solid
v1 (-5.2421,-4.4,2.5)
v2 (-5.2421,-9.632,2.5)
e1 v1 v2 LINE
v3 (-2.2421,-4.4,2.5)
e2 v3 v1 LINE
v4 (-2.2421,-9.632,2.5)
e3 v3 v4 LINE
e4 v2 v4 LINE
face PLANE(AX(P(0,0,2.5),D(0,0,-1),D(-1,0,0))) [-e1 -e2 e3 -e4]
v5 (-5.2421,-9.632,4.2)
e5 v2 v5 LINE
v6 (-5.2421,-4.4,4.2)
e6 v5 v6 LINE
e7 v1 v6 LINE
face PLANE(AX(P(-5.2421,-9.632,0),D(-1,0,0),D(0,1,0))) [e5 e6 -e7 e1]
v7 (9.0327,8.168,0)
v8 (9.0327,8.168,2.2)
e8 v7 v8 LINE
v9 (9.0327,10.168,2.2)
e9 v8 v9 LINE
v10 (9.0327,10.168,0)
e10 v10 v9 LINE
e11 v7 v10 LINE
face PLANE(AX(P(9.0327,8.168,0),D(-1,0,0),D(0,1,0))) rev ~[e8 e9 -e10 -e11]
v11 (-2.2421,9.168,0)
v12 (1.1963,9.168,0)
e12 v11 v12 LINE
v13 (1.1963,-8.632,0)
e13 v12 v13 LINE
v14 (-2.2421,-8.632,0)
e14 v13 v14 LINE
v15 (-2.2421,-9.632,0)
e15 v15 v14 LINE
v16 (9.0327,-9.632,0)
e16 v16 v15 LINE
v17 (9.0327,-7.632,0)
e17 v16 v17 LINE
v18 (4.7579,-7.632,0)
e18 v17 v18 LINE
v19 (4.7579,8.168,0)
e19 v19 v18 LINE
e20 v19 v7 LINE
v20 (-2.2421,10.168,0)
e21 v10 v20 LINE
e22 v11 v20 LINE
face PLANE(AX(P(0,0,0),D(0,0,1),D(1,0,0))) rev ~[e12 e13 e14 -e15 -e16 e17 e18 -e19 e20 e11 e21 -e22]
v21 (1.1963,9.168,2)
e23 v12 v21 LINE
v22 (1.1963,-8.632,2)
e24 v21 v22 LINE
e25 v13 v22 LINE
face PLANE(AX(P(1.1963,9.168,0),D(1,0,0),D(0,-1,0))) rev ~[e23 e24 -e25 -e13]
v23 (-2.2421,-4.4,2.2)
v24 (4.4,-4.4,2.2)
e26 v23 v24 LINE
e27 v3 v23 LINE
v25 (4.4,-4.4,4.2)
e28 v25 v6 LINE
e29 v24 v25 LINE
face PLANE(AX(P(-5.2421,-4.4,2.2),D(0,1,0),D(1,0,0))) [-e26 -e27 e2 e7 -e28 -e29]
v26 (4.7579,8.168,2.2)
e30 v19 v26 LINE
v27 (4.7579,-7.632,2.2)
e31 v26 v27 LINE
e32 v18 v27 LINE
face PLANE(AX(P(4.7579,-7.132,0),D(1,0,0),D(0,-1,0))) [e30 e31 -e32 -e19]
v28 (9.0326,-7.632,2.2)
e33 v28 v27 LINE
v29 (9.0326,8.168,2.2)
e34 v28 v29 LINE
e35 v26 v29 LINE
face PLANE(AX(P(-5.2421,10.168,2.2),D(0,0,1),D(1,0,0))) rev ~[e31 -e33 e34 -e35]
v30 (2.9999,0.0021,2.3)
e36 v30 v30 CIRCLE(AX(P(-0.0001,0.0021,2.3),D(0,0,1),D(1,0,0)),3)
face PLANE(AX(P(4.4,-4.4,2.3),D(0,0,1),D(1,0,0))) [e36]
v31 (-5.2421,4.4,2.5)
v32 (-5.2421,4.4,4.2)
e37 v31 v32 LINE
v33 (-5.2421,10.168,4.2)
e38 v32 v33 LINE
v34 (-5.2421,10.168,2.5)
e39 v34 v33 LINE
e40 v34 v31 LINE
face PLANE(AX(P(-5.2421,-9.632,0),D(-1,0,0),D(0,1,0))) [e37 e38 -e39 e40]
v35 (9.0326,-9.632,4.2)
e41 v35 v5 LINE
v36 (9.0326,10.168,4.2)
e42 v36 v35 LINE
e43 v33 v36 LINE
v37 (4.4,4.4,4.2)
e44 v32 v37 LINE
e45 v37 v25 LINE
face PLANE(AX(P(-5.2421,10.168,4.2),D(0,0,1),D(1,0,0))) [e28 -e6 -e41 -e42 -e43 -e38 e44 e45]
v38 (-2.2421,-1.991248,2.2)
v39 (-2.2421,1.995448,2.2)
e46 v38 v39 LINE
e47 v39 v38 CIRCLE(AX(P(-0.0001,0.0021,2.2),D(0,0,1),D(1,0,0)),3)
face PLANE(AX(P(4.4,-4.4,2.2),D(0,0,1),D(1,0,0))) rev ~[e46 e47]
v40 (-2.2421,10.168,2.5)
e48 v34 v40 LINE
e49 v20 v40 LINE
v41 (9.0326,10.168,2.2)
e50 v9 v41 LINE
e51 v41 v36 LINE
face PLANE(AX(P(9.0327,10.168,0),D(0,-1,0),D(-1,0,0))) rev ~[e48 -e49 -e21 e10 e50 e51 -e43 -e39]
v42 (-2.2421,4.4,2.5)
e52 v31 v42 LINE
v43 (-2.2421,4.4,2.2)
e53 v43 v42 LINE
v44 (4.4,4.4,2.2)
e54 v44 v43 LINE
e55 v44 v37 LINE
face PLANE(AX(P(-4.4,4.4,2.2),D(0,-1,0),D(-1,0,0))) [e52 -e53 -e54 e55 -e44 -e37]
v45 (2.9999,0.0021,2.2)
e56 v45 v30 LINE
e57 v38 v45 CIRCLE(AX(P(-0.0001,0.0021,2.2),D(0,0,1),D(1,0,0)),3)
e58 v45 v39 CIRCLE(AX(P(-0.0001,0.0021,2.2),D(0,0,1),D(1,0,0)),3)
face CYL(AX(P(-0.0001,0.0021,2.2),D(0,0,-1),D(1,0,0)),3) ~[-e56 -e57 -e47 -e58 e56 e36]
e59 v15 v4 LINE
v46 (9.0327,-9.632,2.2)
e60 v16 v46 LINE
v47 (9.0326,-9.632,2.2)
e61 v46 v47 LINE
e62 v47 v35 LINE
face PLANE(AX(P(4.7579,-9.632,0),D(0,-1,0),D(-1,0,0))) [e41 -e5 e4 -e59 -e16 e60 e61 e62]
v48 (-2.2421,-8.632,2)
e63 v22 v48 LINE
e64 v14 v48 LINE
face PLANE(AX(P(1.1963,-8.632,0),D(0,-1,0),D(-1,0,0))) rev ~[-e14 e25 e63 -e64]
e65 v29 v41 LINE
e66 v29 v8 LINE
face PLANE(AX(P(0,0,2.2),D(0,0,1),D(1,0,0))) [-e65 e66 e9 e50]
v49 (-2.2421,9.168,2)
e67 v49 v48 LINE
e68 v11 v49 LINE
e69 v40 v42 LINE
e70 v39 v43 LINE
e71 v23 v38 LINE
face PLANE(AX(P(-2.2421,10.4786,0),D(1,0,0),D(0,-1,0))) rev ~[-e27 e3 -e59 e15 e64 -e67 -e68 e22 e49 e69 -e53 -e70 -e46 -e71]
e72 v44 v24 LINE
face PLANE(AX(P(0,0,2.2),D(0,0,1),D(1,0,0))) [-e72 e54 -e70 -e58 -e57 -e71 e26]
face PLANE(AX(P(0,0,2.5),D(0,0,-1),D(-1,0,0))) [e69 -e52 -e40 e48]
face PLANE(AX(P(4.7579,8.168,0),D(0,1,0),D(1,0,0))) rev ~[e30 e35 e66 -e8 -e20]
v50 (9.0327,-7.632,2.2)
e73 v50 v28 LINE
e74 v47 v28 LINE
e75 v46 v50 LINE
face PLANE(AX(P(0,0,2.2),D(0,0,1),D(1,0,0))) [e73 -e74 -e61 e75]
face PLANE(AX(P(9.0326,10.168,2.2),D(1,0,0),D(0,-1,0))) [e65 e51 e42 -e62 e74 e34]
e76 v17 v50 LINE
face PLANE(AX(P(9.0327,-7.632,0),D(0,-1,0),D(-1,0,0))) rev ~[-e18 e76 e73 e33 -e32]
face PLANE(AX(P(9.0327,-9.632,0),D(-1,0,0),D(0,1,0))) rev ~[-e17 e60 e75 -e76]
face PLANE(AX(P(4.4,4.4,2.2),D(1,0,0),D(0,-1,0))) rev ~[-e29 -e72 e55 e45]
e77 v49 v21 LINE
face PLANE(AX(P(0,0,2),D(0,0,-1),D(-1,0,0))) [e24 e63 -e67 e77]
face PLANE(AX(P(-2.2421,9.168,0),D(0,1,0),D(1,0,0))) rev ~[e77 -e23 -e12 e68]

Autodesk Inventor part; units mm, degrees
ref_plane "YZ Plane" through (0, 0, 0) normal (1, 0, 0) x (0, 1, 0)
ref_plane "XZ Plane" through (0, 0, 0) normal (0, 1, 0) x (-1, 0, 0)
ref_plane "Arbeitsebene1" through (0, 0, 0) normal (0, 0, 1) x (1, 0, 0)
sketch "Skizze1" plane through (0, 0, 0) normal (0, 0, 1) x (1, 0, 0)
  circle A0 centre (-0.0001, 0.0021) radius 3 projected
  circle A1 centre (11, 0) radius 2.566 projected
  circle A2 centre (-9.5, -11) radius 1.352 projected
  arc A3 (19, -13.5) -> (20, -12.5) centre (19, -12.5) ccw projected
  line L0 (20, -12.5) -> (20, 12.5) projected
  arc A4 (20, 12.5) -> (19, 13.5) centre (19, 12.5) ccw projected
  line L1 (19, 13.5) -> (-19, 13.5) projected
  arc A5 (-19, 13.5) -> (-20, 12.5) centre (-19, 12.5) ccw projected
  line L2 (-20, 12.5) -> (-20, -12.5) projected
  arc A6 (-20, -12.5) -> (-19, -13.5) centre (-19, -12.5) ccw projected
  line L3 (-19, -13.5) -> (19, -13.5) projected
  line L4 (18.6579, -7.132) -> (11.0758, -7.132) projected
  line L5 (18.6579, -7.132) -> (18.6579, 2.268) projected
  line L6 (18.6579, 2.268) -> (19.6579, 4.268) projected
  line L7 (19.6579, 4.268) -> (19.6579, 7.668) projected
  line L8 (18.0704, 7.668) -> (19.6579, 7.668) projected
  line L9 (18.0704, 7.668) -> (18.0704, 6.818) projected
  line L10 (18.0704, 6.818) -> (13.4704, 6.818) projected
  line L11 (13.4704, 6.818) -> (13.4704, 5.418) projected
  line L12 (13.4704, 5.418) -> (14.8704, 5.418) projected
  line L13 (14.8704, 5.418) -> (15.4704, 6.018) projected
  line L14 (15.4704, 6.018) -> (18.0704, 6.018) projected
  line L15 (18.0704, 6.018) -> (18.0704, 5.768) projected
  line L16 (18.0704, 5.768) -> (15.5704, 5.768) projected
  line L17 (15.5704, 5.768) -> (15.0704, 5.268) projected
  line L18 (15.0704, 5.268) -> (13.0704, 5.268) projected
  line L19 (13.0704, 5.268) -> (13.0704, 7.668) projected
  line L20 (6.4079, 7.668) -> (13.0704, 7.668) projected
  line L21 (6.4079, 7.668) -> (6.4079, 6.468) projected
  line L22 (4.7579, 6.468) -> (6.4079, 6.468) projected
  line L23 (4.7579, -7.132) -> (4.7579, 6.468) projected
  line L24 (5.4458, -7.132) -> (4.7579, -7.132) projected
  line L25 (5.4458, -7.132) -> (5.4458, -6.382) projected
  line L26 (5.4458, -6.382) -> (11.0758, -6.382) projected
  line L27 (11.0758, -6.382) -> (11.0758, -7.132) projected
  line L28 (9.0327, 10.168) -> (-5.2421, 10.168)
  line L29 (-5.2421, 10.168) -> (-5.2421, 8.168)
  line L30 (-5.2421, 8.168) -> (9.0327, 8.168)
  line L31 (9.0327, 8.168) -> (9.0327, 10.168)
  line L32 (-5.2421, 8.168) -> (4.7579, 8.168)
  line L33 (4.7579, 8.168) -> (4.7579, -9.632)
  line L34 (4.7579, -9.632) -> (-5.2421, -9.632)
  line L35 (-5.2421, -9.632) -> (-5.2421, 8.168)
  line L36 (4.7579, -9.632) -> (9.0327, -9.632)
  line L37 (9.0327, -9.632) -> (9.0327, -7.632)
  line L38 (9.0327, -7.632) -> (4.7579, -7.632)
  line L39 (4.7579, -7.632) -> (4.7579, -9.632)
  point P0 (0, 0)
  point P1 (4.7579, 8.168)
  dimension "d0" = 0
  dimension "d1" = 0.5
  dimension "d2" = 0.5
  dimension "d3" = 2
  dimension "d4" = 2
  dimension "d5" = 10
ref_plane "Arbeitsebene2" through (4.7579, -7.132, 2.2) normal (0, 0, 1) x (1, 0, 0)
extrude "Extrusion1" add sketch "Skizze1" along normal up to surface (2.2 mm away) contours A0 | L33 L34 L35 L30 L23 | L38 L37 L36 L33 | L30 L29 L28 L31
sketch "Skizze2" plane through (-5.2421, 10.168, 2.2) normal (0, 0, 1) x (1, 0, 0)
  line L0 (0, 0) -> (14.2747, 0) projected
  line L1 (0, -19.8) -> (0, 0) projected
  line L2 (14.2747, -19.8) -> (0, -19.8) projected
  line L3 (14.2747, -17.8) -> (14.2747, -19.8) projected
  line L4 (10, -17.8) -> (14.2747, -17.8) projected
  line L5 (10, -2) -> (10, -17.8) projected
  line L6 (14.2747, -2) -> (10, -2) projected
  line L7 (14.2747, 0) -> (14.2747, -2) projected
  line L8 (14.2747, 0) -> (0, 0) projected
  line L9 (14.2747, 0) -> (0, 0)
  line L10 (0, 0) -> (0, -19.8)
  line L11 (0, -19.8) -> (14.2747, -19.8)
  line L12 (14.2747, -19.8) -> (14.2747, 0)
  line L13 (9.6421, -14.568) -> (0.8421, -14.568)
  line L14 (0.8421, -14.568) -> (0.8421, -5.768)
  line L15 (0.8421, -5.768) -> (9.6421, -5.768)
  line L16 (9.6421, -5.768) -> (9.6421, -14.568)
  line L17 (9.6421, -14.568) -> (0.8421, -5.768) construction
  line L18 (0.8421, -14.568) -> (9.6421, -5.768) construction
  line L19 (0, 0) -> (0, -19.8) projected
  line L20 (0.8421, -5.768) -> (0, -5.768)
  line L21 (0, -5.768) -> (0, -14.568)
  line L22 (0, -14.568) -> (0.8421, -14.568)
  line L23 (0.8421, -14.568) -> (0.8421, -5.768)
  point P0 (5.2421, -10.168)
  point P1 (0, -5.768)
  point P2 (0.8421, -14.568)
  point P3 (14.2747, -17.8)
  point P4 (14.2747, -2)
  dimension "d8" = 8.8
  dimension "d9" = 8.8
extrude "Extrusion2" add sketch "Skizze2" along normal blind 2 contours L0 L7 L6 L5 L4 L3 L2 L1 L22 L13 L16 L15 L20 | L12 L4 L5 L6
sketch "Skizze3" plane through (0, 0, 0) normal (0, 0, -1) x (-1, 0, 0)
  line L0 (5.2421, 10.168) -> (5.2421, -9.632) projected
  line L1 (-9.0327, 10.168) -> (5.2421, 10.168) projected
  line L2 (-9.0327, 8.168) -> (-9.0327, 10.168) projected
  line L3 (-4.7579, 8.168) -> (-9.0327, 8.168) projected
  line L4 (-4.7579, -7.632) -> (-4.7579, 8.168) projected
  line L5 (-9.0327, -7.632) -> (-4.7579, -7.632) projected
  line L6 (-9.0327, -9.632) -> (-9.0327, -7.632) projected
  line L7 (5.2421, -9.632) -> (-9.0327, -9.632) projected
  line L8 (2.2421, -9.8367) -> (9.0217, -9.8367)
  line L9 (9.0217, -9.8367) -> (9.0217, 10.4786)
  line L10 (9.0217, 10.4786) -> (2.2421, 10.4786)
  line L11 (2.2421, 10.4786) -> (2.2421, -9.8367)
  line L12 (2.2421, -9.8367) -> (9.0217, 10.4786) construction
  line L13 (9.0217, -9.8367) -> (2.2421, 10.4786) construction
  point P0 (0, 0)
  point P1 (5.6319, 0.321)
  dimension "d12" = 3
extrude "Extrusion3" cut sketch "Skizze3" against normal blind 2.5 contours L1 L11 L10 L9 L8 L7 L0 | L0 L7 L11 L1
sketch "Skizze4" plane through (0, 0, 0) normal (0, 0, -1) x (-1, 0, 0)
  line L0 (2.2421, -9.632) -> (2.2421, 10.168) projected
  line L1 (-9.0327, 10.168) -> (2.2421, 10.168) projected
  line L2 (-9.0327, 8.168) -> (-9.0327, 10.168) projected
  line L3 (-4.7579, 8.168) -> (-9.0327, 8.168) projected
  line L4 (-4.7579, -7.632) -> (-4.7579, 8.168) projected
  line L5 (-9.0327, -7.632) -> (-4.7579, -7.632) projected
  line L6 (-9.0327, -9.632) -> (-9.0327, -7.632) projected
  line L7 (2.2421, -9.632) -> (-9.0327, -9.632) projected
  line L8 (2.2421, 4.4) -> (2.2421, 10.168) projected
  line L9 (2.2421, 9.168) -> (-1.1963, 9.168)
  line L10 (-1.1963, 9.168) -> (-1.1963, -8.632)
  line L11 (-1.1963, -8.632) -> (2.2421, -8.632)
  line L12 (2.2421, -8.632) -> (2.2421, 9.168)
  point P0 (0, 0)
  point P1 (2.2421, -8.632)
extrude "Extrusion4" cut sketch "Skizze4" against normal blind 2 contours L11 L10 L9 L0
sketch "Skizze5" plane through (4.4, -4.4, 2.2) normal (0, 0, 1) x (1, 0, 0)
  circle A0 centre (-4.4001, 4.4021) radius 3 projected
  point P0 (-4.4, 4.4)
extrude "Extrusion5" add sketch "Skizze5" along normal blind 0.1
equation "\"d6\" = d2"
properties part number "Anglerfish_Cameraspacer"
